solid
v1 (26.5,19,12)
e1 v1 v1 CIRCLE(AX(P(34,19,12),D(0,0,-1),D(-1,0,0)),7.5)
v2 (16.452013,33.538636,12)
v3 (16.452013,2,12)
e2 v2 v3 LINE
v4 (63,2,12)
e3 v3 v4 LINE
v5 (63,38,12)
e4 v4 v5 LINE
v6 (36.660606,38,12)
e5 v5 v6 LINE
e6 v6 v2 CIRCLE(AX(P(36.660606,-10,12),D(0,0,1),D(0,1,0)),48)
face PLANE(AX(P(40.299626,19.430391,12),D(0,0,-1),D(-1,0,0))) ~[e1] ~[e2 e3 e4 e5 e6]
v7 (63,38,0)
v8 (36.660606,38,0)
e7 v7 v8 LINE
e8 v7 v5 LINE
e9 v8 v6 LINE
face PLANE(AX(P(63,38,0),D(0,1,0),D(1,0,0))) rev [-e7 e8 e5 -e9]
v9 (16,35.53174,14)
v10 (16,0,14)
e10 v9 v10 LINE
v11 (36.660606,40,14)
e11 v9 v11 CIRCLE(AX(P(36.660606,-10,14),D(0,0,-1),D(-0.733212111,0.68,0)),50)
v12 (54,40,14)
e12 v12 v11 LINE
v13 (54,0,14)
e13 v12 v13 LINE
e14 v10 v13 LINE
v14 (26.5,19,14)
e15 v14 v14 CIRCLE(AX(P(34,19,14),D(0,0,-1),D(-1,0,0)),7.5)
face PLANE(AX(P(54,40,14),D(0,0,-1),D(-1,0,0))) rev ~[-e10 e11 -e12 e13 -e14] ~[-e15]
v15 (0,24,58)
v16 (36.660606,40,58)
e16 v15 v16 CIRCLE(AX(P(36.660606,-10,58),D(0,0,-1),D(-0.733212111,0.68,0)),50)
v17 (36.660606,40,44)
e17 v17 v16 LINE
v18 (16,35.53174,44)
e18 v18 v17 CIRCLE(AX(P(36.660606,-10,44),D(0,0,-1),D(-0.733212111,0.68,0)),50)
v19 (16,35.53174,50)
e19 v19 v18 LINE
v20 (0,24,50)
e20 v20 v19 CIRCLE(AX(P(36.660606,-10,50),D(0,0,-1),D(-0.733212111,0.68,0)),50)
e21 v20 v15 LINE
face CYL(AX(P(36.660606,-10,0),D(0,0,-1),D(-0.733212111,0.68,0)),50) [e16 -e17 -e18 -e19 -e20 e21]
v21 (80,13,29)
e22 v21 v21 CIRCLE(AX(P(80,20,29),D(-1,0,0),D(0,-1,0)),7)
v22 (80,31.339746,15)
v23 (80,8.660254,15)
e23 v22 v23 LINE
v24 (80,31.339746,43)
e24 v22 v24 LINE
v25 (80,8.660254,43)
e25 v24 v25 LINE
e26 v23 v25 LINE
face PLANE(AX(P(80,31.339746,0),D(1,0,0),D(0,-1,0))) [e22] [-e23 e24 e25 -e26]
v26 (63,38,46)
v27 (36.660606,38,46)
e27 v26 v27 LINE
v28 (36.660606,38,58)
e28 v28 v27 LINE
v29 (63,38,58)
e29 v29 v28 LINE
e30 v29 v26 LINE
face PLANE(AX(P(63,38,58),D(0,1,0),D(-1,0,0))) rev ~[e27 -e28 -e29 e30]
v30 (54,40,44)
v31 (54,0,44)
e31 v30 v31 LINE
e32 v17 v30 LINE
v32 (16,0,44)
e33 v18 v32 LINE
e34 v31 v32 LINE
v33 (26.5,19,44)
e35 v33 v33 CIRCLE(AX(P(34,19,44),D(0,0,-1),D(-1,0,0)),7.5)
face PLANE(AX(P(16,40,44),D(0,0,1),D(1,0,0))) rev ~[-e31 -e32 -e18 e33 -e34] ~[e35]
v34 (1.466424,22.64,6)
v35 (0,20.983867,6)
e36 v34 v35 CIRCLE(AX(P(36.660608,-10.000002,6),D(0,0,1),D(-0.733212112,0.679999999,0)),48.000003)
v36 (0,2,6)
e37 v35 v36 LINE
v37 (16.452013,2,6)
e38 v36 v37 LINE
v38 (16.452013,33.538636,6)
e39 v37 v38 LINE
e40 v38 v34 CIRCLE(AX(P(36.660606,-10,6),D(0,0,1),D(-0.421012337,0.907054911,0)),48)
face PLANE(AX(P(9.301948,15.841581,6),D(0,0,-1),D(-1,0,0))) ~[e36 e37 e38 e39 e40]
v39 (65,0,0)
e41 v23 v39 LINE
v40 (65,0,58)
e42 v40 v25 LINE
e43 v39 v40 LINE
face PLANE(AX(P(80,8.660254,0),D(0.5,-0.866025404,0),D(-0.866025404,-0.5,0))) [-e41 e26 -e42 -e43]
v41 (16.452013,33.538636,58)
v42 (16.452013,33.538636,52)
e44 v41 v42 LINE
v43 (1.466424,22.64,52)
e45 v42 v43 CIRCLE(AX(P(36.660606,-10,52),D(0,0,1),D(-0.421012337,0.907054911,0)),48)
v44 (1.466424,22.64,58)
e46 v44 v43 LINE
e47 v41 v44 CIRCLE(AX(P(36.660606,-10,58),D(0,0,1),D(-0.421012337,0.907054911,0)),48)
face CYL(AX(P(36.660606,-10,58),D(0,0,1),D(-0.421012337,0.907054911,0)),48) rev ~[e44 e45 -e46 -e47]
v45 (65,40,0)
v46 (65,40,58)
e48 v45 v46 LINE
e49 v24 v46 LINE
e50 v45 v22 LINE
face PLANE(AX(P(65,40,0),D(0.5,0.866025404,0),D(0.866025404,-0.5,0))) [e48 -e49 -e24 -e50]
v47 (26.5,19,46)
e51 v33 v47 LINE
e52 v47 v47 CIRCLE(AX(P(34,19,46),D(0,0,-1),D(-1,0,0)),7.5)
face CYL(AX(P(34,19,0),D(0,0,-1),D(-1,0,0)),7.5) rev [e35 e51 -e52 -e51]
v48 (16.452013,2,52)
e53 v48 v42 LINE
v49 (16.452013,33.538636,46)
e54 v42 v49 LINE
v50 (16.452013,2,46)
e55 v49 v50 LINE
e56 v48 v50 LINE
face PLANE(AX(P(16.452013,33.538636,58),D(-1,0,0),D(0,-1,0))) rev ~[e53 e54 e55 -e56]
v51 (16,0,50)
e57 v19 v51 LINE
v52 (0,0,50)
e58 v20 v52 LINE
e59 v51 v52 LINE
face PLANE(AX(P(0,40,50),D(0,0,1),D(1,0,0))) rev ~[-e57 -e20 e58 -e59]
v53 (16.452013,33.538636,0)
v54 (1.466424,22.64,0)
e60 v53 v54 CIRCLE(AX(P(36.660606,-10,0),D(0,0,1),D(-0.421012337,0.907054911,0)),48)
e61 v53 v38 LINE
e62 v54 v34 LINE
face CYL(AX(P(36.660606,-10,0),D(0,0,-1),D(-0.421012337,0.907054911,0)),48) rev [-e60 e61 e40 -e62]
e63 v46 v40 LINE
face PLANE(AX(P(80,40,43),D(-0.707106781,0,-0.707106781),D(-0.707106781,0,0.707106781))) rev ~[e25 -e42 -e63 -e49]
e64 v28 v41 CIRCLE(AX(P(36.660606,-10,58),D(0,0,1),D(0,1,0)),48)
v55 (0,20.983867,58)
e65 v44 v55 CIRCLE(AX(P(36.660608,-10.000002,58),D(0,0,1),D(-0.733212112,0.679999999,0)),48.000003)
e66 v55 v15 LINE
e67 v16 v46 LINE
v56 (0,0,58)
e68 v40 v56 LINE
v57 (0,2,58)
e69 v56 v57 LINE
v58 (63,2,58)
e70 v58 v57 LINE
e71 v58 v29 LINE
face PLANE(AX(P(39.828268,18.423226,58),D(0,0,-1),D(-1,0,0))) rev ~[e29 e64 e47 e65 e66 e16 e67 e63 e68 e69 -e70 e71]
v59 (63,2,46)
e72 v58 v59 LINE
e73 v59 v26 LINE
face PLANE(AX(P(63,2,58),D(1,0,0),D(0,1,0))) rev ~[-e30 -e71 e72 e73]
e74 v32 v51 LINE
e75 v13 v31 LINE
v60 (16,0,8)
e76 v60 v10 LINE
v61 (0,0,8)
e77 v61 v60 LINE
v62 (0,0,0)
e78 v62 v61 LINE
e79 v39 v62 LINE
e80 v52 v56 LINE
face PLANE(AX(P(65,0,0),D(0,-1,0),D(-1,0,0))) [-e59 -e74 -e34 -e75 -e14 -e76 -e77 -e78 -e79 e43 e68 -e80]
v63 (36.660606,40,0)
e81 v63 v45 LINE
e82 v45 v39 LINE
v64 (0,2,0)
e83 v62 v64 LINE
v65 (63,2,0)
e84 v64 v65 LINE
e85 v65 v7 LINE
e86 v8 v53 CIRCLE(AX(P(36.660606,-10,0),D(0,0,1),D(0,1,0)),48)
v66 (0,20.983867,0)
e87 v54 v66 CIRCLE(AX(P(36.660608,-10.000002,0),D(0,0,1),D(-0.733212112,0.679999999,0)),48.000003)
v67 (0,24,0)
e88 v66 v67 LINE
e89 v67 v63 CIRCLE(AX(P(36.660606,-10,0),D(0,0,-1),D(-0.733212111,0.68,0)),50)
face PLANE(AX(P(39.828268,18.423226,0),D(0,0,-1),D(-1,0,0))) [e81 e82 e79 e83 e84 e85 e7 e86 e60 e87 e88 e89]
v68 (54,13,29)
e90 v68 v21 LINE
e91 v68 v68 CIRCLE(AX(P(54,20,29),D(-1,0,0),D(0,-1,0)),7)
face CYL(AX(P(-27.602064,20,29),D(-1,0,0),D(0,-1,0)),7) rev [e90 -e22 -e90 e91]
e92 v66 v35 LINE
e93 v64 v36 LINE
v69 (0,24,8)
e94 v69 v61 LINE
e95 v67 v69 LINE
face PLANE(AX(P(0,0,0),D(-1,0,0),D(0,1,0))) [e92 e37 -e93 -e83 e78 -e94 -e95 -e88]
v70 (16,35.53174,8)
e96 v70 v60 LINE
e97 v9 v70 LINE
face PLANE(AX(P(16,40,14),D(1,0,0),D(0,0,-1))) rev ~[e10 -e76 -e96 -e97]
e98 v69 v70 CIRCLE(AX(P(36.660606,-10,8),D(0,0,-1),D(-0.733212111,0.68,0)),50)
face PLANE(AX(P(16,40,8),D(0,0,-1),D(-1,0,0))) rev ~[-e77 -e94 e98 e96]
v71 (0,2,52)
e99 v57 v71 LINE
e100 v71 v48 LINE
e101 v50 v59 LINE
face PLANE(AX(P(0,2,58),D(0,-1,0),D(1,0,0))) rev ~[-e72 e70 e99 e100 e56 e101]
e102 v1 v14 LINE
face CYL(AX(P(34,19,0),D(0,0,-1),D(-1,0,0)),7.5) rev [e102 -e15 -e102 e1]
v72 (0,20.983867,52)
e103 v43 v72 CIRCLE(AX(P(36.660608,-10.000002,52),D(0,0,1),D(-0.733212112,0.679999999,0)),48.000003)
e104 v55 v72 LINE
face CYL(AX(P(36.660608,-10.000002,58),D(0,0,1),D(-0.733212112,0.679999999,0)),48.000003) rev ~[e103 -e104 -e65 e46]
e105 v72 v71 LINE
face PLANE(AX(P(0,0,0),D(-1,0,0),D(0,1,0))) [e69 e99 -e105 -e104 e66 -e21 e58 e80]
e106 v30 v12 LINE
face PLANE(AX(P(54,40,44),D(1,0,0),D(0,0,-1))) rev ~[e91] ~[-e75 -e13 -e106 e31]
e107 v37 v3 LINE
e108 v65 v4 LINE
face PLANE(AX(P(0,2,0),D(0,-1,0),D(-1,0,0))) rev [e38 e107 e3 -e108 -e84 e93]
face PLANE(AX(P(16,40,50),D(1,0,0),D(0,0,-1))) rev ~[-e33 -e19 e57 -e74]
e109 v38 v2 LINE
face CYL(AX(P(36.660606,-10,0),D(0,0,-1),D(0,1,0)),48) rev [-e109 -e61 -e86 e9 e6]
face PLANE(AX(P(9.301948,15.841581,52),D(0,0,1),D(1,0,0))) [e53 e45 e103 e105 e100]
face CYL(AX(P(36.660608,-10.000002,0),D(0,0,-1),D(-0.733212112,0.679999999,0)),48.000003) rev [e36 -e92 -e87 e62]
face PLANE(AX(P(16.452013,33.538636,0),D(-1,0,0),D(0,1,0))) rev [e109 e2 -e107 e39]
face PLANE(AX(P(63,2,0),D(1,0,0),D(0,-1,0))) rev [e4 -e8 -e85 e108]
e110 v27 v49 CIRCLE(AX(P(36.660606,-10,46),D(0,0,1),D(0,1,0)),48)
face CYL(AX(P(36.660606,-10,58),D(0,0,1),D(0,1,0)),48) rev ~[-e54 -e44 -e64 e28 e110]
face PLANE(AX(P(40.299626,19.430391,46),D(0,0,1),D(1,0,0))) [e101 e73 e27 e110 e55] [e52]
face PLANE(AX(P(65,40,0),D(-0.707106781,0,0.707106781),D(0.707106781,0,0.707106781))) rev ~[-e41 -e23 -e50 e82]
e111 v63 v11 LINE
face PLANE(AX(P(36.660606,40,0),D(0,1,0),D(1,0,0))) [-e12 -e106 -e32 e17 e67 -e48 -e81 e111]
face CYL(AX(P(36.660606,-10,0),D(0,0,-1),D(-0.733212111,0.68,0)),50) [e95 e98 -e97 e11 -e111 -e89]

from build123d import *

# Parameters (mm, degrees)
SKETCH1_R               = 7.5
BOSS_EXTRUDE1_DEPTH     = 58
SKETCH2_W               = 17.33939444
SKETCH2_H               = 30
CUT_EXTRUDE1_DEPTH      = 107.60206377
CUT_EXTRUDE5_DEPTH      = 107.60206377
CUT_EXTRUDE5_DEPTH_BACK = 107.60206377
SKETCH3_R               = 7
CUT_EXTRUDE8_DEPTH      = 6
CUT_EXTRUDE9_DEPTH      = 12


with BuildPart() as part:
    # Sketch1 → Boss-Extrude1 (new body)
    with BuildSketch(Plane.XY):
        with BuildLine():
            Line((0, 0), (0, 24))
            ThreePointArc((0, 24), (16.66060556, 35.82575695), (36.66060556, 40))
            Line((36.66060556, 40), (65, 40))
            Line((65, 40), (80, 31.339745962))
            Line((80, 31.339745962), (80, 8.660254038))
            Line((80, 8.660254038), (65, 0))
            Line((65, 0), (0, 0))
        make_face()
        with Locations(Location((34, 19, 0), (0, 0, 180))):
            Circle(SKETCH1_R, mode=Mode.SUBTRACT)
    extrude(amount=BOSS_EXTRUDE1_DEPTH)

    # Sketch2 → Cut-Extrude1 (cut, through all)
    with BuildSketch(Plane(origin=(0, 40, 0), x_dir=(1, 0, 0), z_dir=(0, 1, 0))):
        Polygon((16, -8), (0, -8), (0, -50), (16, -50), (16, -44), (36.66060556, -44), (36.66060556, -14), (16, -14), align=None)
        with Locations((45.33030278, -29)):
            Rectangle(SKETCH2_W, SKETCH2_H)
        Polygon((80, 0), (65, 0), (80, -15), align=None)
        Polygon((80, -58), (80, -43), (65, -58), align=None)
    extrude(amount=-CUT_EXTRUDE1_DEPTH, mode=Mode.SUBTRACT)

    # Sketch3 → Cut-Extrude5 (cut, two sides: drawn at the far end of the back side and taken through both)
    with BuildSketch(Plane(origin=(80, 0, 0), x_dir=(0, 0, -1), z_dir=(1, 0, 0)).offset(-CUT_EXTRUDE5_DEPTH_BACK)):
        with Locations(Location((-29, 20, 0), (0, 0, 270))):
            Circle(SKETCH3_R)
    extrude(amount=CUT_EXTRUDE5_DEPTH + CUT_EXTRUDE5_DEPTH_BACK, mode=Mode.SUBTRACT)

    # Sketch7 → Cut-Extrude8 (cut)
    with BuildSketch(Plane.XY.offset(58)):
        with BuildLine():
            Line((16.452013389, 2), (16.452013389, 33.538635744))
            ThreePointArc((16.452013389, 33.538635744), (8.428320966, 28.819300697), (1.466424222, 22.64))
            ThreePointArc((1.466424222, 22.64), (0.7236706, 21.820381922), (0, 20.98386677))
            Line((0, 20.98386677), (0, 2))
            Line((0, 2), (16.452013389, 2))
        make_face()
    cut_extrude8 = extrude(amount=-CUT_EXTRUDE8_DEPTH, mode=Mode.SUBTRACT)

    # Sketch7<3> → Cut-Extrude9 (cut)
    with BuildSketch(Plane.XY.offset(58)):
        with BuildLine():
            ThreePointArc((36.66060556, 38), (26.3130096, 36.871390612), (16.452013389, 33.538635744))
            Line((16.452013389, 33.538635744), (16.452013389, 2))
            Line((16.452013389, 2), (63, 2))
            Line((63, 2), (63, 38))
            Line((63, 38), (36.66060556, 38))
        make_face()
    cut_extrude9 = extrude(amount=-CUT_EXTRUDE9_DEPTH, mode=Mode.SUBTRACT)

    # Mirror3: Cut-Extrude8, Cut-Extrude9 across plane
    add(cut_extrude8.mirror(Plane.XY.offset(29)), mode=Mode.SUBTRACT)
    add(cut_extrude9.mirror(Plane.XY.offset(29)), mode=Mode.SUBTRACT)


solid = part.part
